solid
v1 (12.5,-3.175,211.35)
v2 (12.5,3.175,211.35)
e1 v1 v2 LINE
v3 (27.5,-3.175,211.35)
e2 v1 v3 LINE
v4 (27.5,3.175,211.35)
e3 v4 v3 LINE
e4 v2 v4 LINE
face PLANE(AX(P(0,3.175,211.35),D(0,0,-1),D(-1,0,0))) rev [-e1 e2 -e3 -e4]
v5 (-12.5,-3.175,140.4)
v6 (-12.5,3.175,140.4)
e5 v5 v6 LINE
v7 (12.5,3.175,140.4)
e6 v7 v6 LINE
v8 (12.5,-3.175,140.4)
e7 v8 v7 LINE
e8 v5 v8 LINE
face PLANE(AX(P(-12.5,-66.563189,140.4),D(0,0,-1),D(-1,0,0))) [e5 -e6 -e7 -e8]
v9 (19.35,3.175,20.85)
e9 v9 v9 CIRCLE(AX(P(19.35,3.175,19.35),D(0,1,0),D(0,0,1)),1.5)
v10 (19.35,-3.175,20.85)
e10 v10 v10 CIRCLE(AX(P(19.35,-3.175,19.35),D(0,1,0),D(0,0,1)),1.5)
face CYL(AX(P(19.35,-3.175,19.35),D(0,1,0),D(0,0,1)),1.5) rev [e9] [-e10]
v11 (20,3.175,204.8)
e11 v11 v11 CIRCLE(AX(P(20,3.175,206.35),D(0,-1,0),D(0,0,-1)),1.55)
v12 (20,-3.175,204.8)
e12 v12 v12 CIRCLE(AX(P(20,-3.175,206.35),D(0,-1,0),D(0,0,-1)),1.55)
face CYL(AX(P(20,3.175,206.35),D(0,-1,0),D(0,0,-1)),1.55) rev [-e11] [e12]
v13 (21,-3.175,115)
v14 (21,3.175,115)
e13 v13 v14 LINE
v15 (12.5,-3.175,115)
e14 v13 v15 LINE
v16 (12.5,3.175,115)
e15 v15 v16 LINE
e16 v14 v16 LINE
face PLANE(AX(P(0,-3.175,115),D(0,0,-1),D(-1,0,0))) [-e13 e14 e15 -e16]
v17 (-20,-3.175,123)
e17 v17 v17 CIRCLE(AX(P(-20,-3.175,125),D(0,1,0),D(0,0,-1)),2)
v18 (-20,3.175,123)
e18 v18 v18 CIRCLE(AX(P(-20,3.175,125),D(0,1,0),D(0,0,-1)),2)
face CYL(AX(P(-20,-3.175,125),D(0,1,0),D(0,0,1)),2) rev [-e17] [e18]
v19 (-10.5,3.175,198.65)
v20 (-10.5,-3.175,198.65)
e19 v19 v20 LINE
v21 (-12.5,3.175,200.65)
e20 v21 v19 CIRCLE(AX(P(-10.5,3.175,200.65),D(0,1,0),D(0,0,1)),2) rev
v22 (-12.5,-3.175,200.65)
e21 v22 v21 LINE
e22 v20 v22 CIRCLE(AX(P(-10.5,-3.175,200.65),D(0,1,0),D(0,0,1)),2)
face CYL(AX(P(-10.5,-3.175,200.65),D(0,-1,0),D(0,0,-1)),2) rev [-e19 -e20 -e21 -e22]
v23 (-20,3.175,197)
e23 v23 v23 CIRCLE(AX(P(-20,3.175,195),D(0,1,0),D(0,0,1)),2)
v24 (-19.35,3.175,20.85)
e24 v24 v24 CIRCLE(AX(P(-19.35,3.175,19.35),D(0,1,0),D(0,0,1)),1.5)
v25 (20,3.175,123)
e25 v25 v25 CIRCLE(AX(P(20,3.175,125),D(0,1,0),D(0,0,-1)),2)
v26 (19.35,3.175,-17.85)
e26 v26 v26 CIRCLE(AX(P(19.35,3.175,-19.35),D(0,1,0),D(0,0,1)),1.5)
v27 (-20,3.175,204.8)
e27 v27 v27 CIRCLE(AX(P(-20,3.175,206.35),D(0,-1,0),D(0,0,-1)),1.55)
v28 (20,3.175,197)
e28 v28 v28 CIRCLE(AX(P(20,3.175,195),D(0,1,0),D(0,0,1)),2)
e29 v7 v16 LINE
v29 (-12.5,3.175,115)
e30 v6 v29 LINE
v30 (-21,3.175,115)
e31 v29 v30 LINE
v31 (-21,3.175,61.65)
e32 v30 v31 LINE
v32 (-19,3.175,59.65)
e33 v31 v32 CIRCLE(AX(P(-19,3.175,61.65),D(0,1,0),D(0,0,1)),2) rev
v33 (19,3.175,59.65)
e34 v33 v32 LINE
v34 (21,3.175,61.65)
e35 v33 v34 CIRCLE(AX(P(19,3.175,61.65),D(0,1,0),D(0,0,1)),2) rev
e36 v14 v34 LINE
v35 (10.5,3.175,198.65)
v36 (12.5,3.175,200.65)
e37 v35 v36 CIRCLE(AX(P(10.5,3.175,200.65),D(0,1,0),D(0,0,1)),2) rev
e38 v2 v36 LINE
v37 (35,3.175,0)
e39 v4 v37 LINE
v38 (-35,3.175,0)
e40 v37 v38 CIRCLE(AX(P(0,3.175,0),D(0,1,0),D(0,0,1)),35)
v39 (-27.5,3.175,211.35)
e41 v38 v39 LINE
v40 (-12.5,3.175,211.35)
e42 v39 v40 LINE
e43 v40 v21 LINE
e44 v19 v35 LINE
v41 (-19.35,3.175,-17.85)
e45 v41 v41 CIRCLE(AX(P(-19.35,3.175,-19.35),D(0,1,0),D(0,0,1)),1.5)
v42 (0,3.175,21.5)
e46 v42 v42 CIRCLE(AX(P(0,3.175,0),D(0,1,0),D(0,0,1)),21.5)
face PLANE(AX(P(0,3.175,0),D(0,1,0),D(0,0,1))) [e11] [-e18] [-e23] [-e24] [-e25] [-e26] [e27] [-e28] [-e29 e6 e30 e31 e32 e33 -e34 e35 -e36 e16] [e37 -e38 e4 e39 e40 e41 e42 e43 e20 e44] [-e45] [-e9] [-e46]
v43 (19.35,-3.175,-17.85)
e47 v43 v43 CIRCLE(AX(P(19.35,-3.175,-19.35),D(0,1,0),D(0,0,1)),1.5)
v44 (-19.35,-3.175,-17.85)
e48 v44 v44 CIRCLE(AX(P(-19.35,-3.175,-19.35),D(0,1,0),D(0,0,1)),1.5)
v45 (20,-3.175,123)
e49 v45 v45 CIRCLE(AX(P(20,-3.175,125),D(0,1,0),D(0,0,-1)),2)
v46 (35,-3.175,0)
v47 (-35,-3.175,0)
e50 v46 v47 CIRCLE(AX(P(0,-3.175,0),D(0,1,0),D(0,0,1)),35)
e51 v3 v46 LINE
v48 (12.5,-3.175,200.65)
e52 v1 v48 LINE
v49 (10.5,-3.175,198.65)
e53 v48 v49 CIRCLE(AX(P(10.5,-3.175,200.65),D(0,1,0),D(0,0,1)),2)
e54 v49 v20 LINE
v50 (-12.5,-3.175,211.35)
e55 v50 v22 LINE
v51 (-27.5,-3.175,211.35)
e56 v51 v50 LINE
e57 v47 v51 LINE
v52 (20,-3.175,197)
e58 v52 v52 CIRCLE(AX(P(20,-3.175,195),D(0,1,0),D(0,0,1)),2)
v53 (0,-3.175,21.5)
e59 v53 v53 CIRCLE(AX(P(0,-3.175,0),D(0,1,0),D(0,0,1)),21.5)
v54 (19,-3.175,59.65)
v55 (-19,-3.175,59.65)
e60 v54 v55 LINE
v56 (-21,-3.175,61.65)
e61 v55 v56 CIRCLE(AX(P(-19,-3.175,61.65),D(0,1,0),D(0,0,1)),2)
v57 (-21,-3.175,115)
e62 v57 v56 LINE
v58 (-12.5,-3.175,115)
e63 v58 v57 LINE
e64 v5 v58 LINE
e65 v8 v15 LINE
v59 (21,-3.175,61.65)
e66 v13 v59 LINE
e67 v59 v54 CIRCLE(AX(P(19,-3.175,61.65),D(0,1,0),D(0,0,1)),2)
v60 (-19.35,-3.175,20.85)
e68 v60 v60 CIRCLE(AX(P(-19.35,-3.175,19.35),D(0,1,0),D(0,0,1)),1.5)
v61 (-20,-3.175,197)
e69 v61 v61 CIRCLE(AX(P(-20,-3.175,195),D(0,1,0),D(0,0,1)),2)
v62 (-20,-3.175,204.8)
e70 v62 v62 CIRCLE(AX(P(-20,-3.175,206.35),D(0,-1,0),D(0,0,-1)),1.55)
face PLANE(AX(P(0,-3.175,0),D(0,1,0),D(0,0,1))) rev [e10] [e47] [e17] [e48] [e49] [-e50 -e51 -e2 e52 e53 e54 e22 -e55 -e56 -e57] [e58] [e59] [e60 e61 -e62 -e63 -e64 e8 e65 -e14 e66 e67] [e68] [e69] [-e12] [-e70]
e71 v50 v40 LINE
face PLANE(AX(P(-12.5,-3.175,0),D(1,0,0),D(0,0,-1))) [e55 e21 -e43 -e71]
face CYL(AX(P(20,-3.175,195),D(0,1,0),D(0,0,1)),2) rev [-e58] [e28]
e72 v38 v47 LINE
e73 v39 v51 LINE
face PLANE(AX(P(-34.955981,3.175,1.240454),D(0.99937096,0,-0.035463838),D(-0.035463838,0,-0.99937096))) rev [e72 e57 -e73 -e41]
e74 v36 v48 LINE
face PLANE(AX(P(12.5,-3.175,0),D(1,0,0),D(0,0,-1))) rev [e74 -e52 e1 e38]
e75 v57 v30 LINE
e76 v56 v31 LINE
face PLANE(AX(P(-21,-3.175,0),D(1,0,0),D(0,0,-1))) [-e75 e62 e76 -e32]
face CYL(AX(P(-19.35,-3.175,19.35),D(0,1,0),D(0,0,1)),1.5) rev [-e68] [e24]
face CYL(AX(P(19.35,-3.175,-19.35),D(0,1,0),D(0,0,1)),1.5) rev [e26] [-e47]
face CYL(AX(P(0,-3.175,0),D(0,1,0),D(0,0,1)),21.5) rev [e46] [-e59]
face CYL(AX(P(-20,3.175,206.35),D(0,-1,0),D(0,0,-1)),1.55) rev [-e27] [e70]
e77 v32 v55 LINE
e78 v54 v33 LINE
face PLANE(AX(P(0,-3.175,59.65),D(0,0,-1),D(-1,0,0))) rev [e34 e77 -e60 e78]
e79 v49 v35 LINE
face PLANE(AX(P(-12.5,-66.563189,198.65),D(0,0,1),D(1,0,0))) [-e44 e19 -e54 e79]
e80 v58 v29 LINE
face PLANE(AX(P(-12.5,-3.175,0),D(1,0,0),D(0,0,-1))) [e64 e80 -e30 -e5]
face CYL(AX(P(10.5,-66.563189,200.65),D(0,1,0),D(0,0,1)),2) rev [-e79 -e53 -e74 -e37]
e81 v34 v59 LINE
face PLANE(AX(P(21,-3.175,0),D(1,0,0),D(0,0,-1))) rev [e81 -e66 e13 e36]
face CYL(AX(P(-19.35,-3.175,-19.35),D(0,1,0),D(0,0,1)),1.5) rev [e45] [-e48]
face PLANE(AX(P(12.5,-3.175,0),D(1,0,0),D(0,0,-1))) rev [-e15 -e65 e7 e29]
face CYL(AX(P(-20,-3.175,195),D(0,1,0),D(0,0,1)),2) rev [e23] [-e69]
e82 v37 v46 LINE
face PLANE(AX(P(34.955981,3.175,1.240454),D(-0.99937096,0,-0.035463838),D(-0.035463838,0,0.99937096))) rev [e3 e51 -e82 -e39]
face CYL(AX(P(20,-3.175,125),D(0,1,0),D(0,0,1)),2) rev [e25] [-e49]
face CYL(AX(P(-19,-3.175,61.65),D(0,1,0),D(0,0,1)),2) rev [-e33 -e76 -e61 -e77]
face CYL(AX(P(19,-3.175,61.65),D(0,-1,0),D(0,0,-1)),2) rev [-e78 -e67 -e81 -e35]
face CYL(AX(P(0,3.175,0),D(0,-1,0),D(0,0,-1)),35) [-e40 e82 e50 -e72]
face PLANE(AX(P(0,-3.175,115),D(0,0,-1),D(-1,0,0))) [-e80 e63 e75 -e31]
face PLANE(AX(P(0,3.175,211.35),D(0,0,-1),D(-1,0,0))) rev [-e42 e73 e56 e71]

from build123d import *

# Parameters (mm, degrees)
BOSS_EXTRUDE1_DEPTH = 3.175
SKETCH2_R           = 21.5
CUT_EXTRUDE1_DEPTH  = 215.322525648
SKETCH3_W           = 42
SKETCH3_H           = 55.35
SKETCH3_W_2         = 25
SKETCH3_H_2         = 96.35
CUT_EXTRUDE2_DEPTH  = 215.322525648
SKETCH4_R           = 1.5
CUT_EXTRUDE3_DEPTH  = 215.322525648
SKETCH5_R           = 2
CUT_EXTRUDE4_DEPTH  = 215.322525648
SKETCH7_R           = 1.55
CUT_EXTRUDE6_DEPTH  = 215.322525648
SKETCH8_W           = 25
SKETCH8_H           = 58.25
BOSS_EXTRUDE2_DEPTH = 6.35
FILLET1_R           = 2


with BuildPart() as part:
    # Sketch1 → Boss-Extrude1 (new, symmetric)
    with BuildSketch(Plane(origin=(0, 0, 0), x_dir=(1, 0, 0), z_dir=(0, 1, 0))):
        with BuildLine():
            ThreePointArc((35, 0), (0, 35), (-35, 0))
            Line((-35, 0), (-27.5, -211.35))
            Line((-27.5, -211.35), (27.5, -211.35))
            Line((27.5, -211.35), (35, 0))
        make_face()
    extrude(amount=BOSS_EXTRUDE1_DEPTH, both=True)

    # Sketch2 → Cut-Extrude1 (cut, through all)
    with BuildSketch(Plane(origin=(0, 3.175, 0), x_dir=(1, 0, 0), z_dir=(0, 1, 0))):
        with Locations(Location((0, 0, 0), (0, 0, 270))):
            Circle(SKETCH2_R)
    extrude(amount=-CUT_EXTRUDE1_DEPTH, mode=Mode.SUBTRACT)

    # Sketch3 → Cut-Extrude2 (cut, through all)
    with BuildSketch(Plane(origin=(0, 3.175, 0), x_dir=(1, 0, 0), z_dir=(0, 1, 0))):
        with Locations((0, -87.325)):
            Rectangle(SKETCH3_W, SKETCH3_H)
        with Locations((0, -163.175)):
            Rectangle(SKETCH3_W_2, SKETCH3_H_2)
    extrude(amount=-CUT_EXTRUDE2_DEPTH, mode=Mode.SUBTRACT)

    # Sketch4 → Cut-Extrude3 (cut, through all)
    with BuildSketch(Plane(origin=(0, 3.175, 0), x_dir=(1, 0, 0), z_dir=(0, 1, 0))):
        with Locations(Location((-19.35, 19.35, 0), (0, 0, 270))):
            Circle(SKETCH4_R)
        with Locations(Location((19.35, 19.35, 0), (0, 0, 270))):
            Circle(SKETCH4_R)
        with Locations(Location((19.35, -19.35, 0), (0, 0, 270))):
            Circle(SKETCH4_R)
        with Locations(Location((-19.35, -19.35, 0), (0, 0, 270))):
            Circle(SKETCH4_R)
    extrude(amount=-CUT_EXTRUDE3_DEPTH, mode=Mode.SUBTRACT)

    # Sketch5 → Cut-Extrude4 (cut, through all)
    with BuildSketch(Plane(origin=(0, 3.175, 0), x_dir=(1, 0, 0), z_dir=(0, 1, 0))):
        with Locations(Location((-20, -195, 0), (0, 0, 270))):
            Circle(SKETCH5_R)
        with Locations(Location((20, -195, 0), (0, 0, 270))):
            Circle(SKETCH5_R)
        with Locations(Location((20, -125, 0), (0, 0, 90))):
            Circle(SKETCH5_R)
        with Locations(Location((-20, -125, 0), (0, 0, 90))):
            Circle(SKETCH5_R)
    extrude(amount=-CUT_EXTRUDE4_DEPTH, mode=Mode.SUBTRACT)

    # Sketch7 → Cut-Extrude6 (cut, through all)
    with BuildSketch(Plane.XZ.offset(3.175)):
        with Locations(Location((-20, 206.35, 0), (0, 0, 270))):
            Circle(SKETCH7_R)
        with Locations(Location((20, 206.35, 0), (0, 0, 270))):
            Circle(SKETCH7_R)
    extrude(amount=-CUT_EXTRUDE6_DEPTH, mode=Mode.SUBTRACT)

    # Sketch8 → Boss-Extrude2 (add)
    with BuildSketch(Plane(origin=(0, 3.175, 0), x_dir=(1, 0, 0), z_dir=(0, 1, 0))):
        with Locations((0, -169.525)):
            Rectangle(SKETCH8_W, SKETCH8_H)
    extrude(amount=-BOSS_EXTRUDE2_DEPTH)

    # Fillet1
    fillet1_edges = [part.edges().sort_by_distance(p)[0] for p in [
        (-12.5, 0, 198.65),
        (12.5, 0, 198.65),
        (-21, 0, 59.65),
        (21, 0, 59.65),
    ]]
    fillet(fillet1_edges, radius=FILLET1_R)


solid = part.part
